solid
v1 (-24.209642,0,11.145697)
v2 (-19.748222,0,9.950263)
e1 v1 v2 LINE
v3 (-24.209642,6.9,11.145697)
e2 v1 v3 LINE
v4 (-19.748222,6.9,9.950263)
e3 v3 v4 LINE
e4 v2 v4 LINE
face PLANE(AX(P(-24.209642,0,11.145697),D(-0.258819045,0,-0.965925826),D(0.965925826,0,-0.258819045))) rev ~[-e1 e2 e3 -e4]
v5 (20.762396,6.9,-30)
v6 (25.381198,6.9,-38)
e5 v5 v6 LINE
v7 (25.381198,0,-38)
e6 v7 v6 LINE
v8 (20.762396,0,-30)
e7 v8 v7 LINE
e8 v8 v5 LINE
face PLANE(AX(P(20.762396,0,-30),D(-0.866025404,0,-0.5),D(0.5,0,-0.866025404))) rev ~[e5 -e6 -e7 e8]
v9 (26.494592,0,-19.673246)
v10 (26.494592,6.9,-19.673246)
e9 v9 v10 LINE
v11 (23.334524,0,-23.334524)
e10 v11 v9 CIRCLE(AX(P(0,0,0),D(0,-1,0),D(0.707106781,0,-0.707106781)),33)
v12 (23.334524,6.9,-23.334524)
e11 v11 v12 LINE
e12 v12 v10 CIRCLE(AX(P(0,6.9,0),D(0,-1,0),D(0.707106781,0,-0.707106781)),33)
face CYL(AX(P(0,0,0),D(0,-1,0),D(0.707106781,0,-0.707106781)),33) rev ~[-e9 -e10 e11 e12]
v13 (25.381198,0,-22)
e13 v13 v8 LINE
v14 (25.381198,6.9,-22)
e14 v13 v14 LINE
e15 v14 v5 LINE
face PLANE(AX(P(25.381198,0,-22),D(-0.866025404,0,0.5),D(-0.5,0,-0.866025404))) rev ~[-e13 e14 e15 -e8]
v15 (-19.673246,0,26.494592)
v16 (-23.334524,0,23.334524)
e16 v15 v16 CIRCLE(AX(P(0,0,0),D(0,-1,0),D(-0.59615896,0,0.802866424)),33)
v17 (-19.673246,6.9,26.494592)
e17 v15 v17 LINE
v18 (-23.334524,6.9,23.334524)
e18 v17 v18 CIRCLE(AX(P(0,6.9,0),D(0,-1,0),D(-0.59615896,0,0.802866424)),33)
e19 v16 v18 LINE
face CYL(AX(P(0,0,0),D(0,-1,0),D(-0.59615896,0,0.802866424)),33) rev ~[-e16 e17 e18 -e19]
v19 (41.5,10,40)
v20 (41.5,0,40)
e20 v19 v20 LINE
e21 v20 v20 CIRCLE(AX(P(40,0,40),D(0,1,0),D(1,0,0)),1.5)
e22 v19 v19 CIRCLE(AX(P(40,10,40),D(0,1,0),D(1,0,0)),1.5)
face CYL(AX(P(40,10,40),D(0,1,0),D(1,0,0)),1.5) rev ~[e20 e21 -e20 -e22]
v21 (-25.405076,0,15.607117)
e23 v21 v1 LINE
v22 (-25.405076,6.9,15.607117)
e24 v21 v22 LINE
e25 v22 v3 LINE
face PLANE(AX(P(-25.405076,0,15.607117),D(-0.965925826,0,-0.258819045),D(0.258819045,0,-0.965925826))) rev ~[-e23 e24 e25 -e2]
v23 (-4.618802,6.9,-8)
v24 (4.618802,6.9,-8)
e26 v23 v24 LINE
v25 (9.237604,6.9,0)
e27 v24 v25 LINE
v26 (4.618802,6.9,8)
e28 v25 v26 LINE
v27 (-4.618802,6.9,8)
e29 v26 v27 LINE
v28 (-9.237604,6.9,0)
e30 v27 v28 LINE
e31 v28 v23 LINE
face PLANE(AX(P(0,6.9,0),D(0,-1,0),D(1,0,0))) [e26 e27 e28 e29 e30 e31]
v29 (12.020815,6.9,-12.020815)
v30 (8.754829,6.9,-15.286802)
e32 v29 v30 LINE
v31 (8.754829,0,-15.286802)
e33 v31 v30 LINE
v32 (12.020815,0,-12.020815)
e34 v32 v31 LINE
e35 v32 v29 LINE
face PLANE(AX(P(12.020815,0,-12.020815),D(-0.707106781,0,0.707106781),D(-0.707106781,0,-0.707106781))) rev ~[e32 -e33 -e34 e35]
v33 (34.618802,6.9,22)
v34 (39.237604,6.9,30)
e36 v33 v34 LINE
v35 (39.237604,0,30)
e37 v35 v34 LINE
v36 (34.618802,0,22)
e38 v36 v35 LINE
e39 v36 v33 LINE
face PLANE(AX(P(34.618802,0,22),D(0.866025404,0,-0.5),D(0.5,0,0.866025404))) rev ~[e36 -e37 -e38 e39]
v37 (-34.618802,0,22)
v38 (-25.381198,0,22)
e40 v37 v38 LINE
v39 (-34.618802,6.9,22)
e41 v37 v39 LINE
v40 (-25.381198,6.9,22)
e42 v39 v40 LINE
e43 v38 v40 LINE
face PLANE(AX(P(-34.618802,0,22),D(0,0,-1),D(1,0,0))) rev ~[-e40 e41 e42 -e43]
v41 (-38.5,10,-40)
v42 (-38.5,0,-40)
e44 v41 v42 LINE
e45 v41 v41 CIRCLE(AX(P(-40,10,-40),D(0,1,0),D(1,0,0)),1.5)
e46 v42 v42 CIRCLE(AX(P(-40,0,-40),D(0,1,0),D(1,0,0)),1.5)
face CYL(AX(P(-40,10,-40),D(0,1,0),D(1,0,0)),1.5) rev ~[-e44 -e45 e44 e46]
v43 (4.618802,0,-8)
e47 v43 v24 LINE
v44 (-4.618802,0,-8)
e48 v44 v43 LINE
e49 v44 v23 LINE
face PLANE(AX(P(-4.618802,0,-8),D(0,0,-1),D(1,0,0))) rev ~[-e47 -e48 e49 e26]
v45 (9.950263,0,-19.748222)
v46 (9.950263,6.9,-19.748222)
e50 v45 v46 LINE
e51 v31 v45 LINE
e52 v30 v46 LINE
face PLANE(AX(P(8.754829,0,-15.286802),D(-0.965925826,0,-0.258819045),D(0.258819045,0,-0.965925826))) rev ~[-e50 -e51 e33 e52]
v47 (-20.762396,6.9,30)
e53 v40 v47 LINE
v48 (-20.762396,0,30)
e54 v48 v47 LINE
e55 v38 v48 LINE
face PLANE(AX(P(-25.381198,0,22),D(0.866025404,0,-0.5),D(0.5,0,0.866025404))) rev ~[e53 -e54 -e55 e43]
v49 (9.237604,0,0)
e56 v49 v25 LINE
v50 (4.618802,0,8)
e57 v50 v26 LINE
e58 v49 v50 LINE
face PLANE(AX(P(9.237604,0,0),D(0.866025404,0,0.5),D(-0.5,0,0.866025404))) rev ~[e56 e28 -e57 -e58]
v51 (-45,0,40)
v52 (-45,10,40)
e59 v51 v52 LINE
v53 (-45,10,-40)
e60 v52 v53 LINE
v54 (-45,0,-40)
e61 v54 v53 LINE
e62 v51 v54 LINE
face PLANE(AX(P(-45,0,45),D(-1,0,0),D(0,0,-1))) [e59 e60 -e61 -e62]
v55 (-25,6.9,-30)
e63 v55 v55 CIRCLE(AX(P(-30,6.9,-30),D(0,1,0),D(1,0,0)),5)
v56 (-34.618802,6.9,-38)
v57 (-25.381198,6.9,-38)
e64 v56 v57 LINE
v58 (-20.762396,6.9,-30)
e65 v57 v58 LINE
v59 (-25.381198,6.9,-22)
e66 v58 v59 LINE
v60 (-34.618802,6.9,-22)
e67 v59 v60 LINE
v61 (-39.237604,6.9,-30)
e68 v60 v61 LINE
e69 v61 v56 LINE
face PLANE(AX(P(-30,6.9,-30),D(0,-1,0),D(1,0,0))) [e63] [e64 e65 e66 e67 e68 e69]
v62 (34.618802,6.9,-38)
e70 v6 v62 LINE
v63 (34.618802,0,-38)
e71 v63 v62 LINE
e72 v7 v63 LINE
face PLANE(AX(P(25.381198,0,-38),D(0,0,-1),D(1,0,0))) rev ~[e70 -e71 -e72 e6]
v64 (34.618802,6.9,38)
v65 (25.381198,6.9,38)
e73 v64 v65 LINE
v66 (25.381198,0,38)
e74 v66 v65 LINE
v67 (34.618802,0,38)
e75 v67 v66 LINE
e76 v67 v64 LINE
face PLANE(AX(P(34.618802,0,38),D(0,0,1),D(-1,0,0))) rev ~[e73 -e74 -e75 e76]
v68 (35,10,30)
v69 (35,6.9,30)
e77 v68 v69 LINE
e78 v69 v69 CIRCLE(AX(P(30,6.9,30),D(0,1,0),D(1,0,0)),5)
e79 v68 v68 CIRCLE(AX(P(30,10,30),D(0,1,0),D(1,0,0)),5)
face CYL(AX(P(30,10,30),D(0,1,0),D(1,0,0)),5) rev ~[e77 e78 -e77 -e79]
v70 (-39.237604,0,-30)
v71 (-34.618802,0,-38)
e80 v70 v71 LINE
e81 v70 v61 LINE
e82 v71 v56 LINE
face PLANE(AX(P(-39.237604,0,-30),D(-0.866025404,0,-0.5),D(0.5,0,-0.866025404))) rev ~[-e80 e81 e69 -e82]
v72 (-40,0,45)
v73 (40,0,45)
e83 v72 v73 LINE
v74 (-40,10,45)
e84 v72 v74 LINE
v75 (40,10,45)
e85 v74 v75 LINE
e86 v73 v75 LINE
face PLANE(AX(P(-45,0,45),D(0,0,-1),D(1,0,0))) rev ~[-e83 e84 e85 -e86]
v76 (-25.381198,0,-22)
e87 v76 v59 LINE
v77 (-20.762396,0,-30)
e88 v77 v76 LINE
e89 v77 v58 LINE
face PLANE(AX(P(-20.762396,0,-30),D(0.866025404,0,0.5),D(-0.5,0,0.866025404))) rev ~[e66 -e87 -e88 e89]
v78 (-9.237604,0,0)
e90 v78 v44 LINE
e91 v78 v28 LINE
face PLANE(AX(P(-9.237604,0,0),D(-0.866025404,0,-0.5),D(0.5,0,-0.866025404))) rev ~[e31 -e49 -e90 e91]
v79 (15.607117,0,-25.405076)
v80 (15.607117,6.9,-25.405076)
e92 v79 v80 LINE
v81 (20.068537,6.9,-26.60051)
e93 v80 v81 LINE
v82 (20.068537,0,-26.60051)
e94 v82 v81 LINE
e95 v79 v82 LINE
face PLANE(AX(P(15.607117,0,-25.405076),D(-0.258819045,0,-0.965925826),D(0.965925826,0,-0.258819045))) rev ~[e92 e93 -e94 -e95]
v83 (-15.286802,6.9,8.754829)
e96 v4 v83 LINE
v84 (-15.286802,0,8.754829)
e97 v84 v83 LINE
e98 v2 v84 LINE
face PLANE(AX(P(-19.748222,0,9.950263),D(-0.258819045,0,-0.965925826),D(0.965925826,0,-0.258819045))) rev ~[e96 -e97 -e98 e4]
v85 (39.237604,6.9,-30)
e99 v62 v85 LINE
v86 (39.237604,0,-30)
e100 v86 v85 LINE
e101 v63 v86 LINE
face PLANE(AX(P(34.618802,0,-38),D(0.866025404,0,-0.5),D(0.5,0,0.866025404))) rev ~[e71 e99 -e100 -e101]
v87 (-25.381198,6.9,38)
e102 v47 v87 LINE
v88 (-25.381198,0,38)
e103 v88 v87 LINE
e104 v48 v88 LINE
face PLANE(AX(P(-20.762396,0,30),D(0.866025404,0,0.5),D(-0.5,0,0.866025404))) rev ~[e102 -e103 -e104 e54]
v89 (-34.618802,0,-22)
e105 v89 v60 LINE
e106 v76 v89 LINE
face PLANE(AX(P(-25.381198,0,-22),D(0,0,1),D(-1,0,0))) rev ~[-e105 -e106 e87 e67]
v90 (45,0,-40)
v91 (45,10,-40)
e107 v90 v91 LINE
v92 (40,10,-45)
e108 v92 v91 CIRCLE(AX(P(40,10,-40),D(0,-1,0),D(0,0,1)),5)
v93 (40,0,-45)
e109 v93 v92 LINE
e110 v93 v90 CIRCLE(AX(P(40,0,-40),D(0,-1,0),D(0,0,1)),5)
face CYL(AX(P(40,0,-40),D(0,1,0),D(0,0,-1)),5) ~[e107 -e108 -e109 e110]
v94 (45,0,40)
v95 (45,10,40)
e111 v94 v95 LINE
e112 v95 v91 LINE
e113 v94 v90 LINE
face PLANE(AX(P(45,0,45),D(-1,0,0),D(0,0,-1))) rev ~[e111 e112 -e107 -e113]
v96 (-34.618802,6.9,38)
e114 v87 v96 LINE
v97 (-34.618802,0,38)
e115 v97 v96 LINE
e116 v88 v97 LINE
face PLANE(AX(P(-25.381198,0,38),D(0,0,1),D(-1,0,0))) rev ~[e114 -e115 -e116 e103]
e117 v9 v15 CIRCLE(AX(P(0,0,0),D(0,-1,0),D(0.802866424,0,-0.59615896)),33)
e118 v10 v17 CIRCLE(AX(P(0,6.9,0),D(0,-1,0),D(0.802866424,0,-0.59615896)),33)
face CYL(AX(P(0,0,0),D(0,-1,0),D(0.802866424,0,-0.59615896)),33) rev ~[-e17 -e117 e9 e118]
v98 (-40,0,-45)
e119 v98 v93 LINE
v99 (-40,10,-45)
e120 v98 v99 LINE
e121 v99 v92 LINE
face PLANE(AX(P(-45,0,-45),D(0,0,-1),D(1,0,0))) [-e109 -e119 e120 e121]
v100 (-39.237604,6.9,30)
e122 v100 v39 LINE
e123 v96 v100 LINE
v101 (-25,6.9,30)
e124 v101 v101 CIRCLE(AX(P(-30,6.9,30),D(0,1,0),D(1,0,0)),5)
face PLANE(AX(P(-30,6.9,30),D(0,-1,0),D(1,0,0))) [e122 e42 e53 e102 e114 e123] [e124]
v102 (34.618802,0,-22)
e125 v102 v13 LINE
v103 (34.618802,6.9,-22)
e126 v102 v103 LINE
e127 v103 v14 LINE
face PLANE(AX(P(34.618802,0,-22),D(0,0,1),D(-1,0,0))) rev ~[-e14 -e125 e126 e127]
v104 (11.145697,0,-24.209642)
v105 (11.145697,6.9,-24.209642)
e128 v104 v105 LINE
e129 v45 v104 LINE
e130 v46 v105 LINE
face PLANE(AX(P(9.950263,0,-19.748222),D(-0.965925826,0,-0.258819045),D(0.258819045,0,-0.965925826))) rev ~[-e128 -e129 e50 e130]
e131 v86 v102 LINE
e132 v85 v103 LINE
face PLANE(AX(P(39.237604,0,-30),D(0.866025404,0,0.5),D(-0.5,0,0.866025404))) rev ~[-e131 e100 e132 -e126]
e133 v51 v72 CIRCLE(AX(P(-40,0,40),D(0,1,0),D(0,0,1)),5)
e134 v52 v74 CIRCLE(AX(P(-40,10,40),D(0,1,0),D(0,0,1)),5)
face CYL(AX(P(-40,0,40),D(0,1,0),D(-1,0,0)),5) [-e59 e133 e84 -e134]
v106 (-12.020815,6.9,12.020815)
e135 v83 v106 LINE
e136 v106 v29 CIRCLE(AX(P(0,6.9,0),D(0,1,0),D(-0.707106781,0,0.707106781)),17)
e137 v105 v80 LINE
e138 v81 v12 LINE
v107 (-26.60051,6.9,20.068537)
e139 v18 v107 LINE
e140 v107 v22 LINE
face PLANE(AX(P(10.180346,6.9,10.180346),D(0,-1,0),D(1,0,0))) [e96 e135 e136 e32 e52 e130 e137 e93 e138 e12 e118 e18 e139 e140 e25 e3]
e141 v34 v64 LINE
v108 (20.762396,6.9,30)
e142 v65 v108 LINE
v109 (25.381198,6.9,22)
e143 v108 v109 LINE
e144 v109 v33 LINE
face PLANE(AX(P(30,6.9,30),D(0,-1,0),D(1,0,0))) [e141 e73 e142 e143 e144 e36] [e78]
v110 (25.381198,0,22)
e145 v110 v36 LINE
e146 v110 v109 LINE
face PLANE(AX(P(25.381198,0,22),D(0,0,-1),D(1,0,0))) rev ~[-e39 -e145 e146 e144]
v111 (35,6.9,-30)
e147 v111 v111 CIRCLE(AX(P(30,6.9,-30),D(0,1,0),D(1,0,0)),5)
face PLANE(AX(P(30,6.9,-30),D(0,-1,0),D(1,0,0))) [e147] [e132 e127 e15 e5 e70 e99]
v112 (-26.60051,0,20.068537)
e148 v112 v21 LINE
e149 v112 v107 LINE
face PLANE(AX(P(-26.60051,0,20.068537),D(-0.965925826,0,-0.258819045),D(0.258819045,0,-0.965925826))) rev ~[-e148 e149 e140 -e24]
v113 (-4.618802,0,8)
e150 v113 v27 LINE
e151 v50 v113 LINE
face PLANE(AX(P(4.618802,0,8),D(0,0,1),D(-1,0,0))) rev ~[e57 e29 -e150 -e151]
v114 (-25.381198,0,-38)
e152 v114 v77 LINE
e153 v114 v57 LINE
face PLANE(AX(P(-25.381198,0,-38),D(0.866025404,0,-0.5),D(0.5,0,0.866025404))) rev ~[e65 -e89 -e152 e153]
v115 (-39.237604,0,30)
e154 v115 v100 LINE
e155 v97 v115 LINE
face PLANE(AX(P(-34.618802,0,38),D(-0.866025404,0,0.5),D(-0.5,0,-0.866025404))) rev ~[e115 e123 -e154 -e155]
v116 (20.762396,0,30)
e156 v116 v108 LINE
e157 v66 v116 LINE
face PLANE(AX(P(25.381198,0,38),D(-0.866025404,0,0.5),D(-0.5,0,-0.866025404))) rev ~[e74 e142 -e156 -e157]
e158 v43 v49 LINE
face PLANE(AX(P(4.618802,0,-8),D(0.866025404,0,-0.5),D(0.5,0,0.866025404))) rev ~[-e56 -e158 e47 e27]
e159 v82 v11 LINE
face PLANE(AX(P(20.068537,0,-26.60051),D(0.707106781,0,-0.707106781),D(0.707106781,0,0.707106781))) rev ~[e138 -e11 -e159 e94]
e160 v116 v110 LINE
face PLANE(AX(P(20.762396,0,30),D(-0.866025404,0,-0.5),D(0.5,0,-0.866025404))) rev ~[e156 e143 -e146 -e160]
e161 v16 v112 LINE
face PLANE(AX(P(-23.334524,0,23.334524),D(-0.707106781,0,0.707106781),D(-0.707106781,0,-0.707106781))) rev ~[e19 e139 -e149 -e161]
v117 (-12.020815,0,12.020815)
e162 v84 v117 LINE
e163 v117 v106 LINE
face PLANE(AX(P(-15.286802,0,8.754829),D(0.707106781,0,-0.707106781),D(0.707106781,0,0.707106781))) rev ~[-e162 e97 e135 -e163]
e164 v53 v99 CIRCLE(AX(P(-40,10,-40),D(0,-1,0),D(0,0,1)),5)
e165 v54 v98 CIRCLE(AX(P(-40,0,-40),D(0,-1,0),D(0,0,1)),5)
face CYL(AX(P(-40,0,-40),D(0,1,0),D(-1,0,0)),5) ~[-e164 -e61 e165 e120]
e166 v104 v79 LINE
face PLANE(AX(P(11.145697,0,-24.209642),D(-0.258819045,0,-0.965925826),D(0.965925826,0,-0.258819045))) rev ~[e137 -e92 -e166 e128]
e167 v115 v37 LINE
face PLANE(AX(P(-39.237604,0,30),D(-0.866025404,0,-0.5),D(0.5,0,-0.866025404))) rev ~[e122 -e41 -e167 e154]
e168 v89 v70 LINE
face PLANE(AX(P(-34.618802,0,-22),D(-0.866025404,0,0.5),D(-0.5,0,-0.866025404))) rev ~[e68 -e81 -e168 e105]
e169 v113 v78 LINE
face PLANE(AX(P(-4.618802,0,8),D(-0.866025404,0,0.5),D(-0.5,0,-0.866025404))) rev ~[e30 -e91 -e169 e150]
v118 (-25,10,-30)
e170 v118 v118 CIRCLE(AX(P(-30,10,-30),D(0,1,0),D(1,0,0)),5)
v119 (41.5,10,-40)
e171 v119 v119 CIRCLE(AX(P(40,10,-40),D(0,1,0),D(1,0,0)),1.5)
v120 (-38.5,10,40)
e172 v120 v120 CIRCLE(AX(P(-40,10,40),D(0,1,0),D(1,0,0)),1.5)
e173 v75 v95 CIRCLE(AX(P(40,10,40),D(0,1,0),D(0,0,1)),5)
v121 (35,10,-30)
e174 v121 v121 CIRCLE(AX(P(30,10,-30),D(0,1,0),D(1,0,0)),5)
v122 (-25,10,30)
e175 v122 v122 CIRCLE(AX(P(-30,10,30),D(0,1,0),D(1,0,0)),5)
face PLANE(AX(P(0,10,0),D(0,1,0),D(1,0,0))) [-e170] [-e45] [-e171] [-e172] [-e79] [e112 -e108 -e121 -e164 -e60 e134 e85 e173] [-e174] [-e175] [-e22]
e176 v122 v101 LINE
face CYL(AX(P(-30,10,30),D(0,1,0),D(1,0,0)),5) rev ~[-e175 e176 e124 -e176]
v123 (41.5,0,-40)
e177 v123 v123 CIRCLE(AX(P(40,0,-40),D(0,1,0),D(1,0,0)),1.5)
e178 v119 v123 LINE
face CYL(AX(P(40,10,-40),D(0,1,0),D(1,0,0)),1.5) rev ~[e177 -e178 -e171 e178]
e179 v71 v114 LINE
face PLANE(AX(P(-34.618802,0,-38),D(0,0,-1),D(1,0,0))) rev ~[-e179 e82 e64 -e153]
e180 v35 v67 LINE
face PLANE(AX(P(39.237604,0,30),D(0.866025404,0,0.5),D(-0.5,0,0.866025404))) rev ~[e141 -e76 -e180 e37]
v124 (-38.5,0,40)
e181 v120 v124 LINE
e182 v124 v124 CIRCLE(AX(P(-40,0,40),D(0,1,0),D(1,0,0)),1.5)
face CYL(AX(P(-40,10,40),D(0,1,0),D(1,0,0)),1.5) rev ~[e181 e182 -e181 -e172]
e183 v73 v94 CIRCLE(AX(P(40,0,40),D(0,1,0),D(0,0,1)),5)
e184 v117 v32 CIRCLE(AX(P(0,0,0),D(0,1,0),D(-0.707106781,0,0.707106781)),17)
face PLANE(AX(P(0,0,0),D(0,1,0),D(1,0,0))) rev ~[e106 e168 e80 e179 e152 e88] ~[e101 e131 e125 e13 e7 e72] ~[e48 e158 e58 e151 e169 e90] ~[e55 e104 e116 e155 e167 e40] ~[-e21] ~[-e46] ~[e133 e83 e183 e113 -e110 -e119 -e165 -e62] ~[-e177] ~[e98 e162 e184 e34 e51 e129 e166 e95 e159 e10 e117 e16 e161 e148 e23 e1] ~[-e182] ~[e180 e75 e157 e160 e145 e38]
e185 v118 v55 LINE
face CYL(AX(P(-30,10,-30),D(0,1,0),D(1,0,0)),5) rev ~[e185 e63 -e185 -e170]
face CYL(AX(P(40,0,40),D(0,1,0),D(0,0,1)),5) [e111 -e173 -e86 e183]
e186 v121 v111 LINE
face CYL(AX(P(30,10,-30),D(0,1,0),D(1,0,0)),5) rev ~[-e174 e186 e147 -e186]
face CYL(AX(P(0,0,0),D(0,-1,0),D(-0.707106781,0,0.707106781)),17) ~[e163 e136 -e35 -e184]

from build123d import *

# Parameters (mm, degrees)
SKETCH1_W           = 90
SKETCH1_H           = 90
BOSS_EXTRUDE1_DEPTH = 10
CUT_EXTRUDE1_DEPTH  = 6.9
SKETCH3_R           = 1.5
CUT_EXTRUDE2_DEPTH  = 11
SKETCH4_R           = 5
CUT_EXTRUDE3_DEPTH  = 11
CUT_EXTRUDE4_DEPTH  = 6.9
FILLET1_R           = 5


with BuildPart() as part:
    # Sketch1 → Boss-Extrude1 (new body)
    with BuildSketch(Plane(origin=(0, 0, 0), x_dir=(1, 0, 0), z_dir=(0, 1, 0))):
        Rectangle(SKETCH1_W, SKETCH1_H)
    extrude(amount=BOSS_EXTRUDE1_DEPTH)

    # Sketch2 → Cut-Extrude1 (cut)
    with BuildSketch(Plane.XZ):
        Polygon((-4.618802154, -8), (4.618802154, -8), (9.237604307, 0), (4.618802154, 8), (-4.618802154, 8), (-9.237604307, 0), align=None)
        with BuildLine():
            Line((-8.754828956, 15.286801604), (-12.02081528, 12.02081528))
            ThreePointArc((-12.02081528, 12.02081528), (12.02081528, 12.02081528), (12.02081528, -12.02081528))
            Line((12.02081528, -12.02081528), (15.286801604, -8.754828956))
            Line((15.286801604, -8.754828956), (24.209642177, -11.145696882))
            Line((24.209642177, -11.145696882), (26.494591989, -19.673245674))
            ThreePointArc((26.494591989, -19.673245674), (23.334523779, 23.334523779), (-19.673245674, 26.494591989))
            Line((-19.673245674, 26.494591989), (-11.145696882, 24.209642177))
            Line((-11.145696882, 24.209642177), (-8.754828956, 15.286801604))
        make_face()
        with BuildLine():
            Line((15.286801604, -8.754828956), (12.02081528, -12.02081528))
            ThreePointArc((12.02081528, -12.02081528), (9.950262871, -15.607117349), (9.950263016, -19.74822225))
            ThreePointArc((9.950263016, -19.74822225), (12.020815311, -23.33452381), (15.607116893, -25.405076066))
            ThreePointArc((15.607116893, -25.405076066), (19.748221753, -25.405076177), (23.334523779, -23.334523779))
            ThreePointArc((23.334523779, -23.334523779), (24.981721996, -21.561854422), (26.494591989, -19.673245674))
            Line((26.494591989, -19.673245674), (24.209642177, -11.145696882))
            Line((24.209642177, -11.145696882), (15.286801604, -8.754828956))
        make_face()
        with BuildLine():
            ThreePointArc((-19.748221967, 9.95026294), (-15.607117207, 9.950262909), (-12.02081528, 12.02081528))
            Line((-12.02081528, 12.02081528), (-8.754828956, 15.286801604))
            Line((-8.754828956, 15.286801604), (-11.145696882, 24.209642177))
            Line((-11.145696882, 24.209642177), (-19.673245674, 26.494591989))
            ThreePointArc((-19.673245674, 26.494591989), (-21.561854422, 24.981721996), (-23.334523779, 23.334523779))
            ThreePointArc((-23.334523779, 23.334523779), (-25.405076135, 19.748221911), (-25.405076151, 15.607117209))
            ThreePointArc((-25.405076151, 15.607117209), (-23.334523822, 12.020815323), (-19.748221967, 9.95026294))
        make_face()
        with BuildLine():
            Line((-26.600510103, 20.068537455), (-25.405076151, 15.607117209))
            ThreePointArc((-25.405076151, 15.607117209), (-25.405076135, 19.748221911), (-23.334523779, 23.334523779))
            Line((-23.334523779, 23.334523779), (-26.600510103, 20.068537455))
        make_face()
        with BuildLine():
            Line((-19.748221967, 9.95026294), (-15.286801604, 8.754828956))
            Line((-15.286801604, 8.754828956), (-12.02081528, 12.02081528))
            ThreePointArc((-12.02081528, 12.02081528), (-15.607117207, 9.950262909), (-19.748221967, 9.95026294))
        make_face()
        with BuildLine():
            Line((-24.209642177, 11.145696882), (-19.748221967, 9.95026294))
            ThreePointArc((-19.748221967, 9.95026294), (-23.334523822, 12.020815323), (-25.405076151, 15.607117209))
            Line((-25.405076151, 15.607117209), (-24.209642177, 11.145696882))
        make_face()
        with BuildLine():
            ThreePointArc((9.950263016, -19.74822225), (9.950262871, -15.607117349), (12.02081528, -12.02081528))
            Line((12.02081528, -12.02081528), (8.754828956, -15.286801604))
            Line((8.754828956, -15.286801604), (9.950263016, -19.74822225))
        make_face()
        with BuildLine():
            ThreePointArc((15.607116893, -25.405076066), (12.020815311, -23.33452381), (9.950263016, -19.74822225))
            Line((9.950263016, -19.74822225), (11.145696882, -24.209642177))
            Line((11.145696882, -24.209642177), (15.607116893, -25.405076066))
        make_face()
        with BuildLine():
            ThreePointArc((23.334523779, -23.334523779), (19.748221753, -25.405076177), (15.607116893, -25.405076066))
            Line((15.607116893, -25.405076066), (20.068537455, -26.600510103))
            Line((20.068537455, -26.600510103), (23.334523779, -23.334523779))
        make_face()
    extrude(amount=-CUT_EXTRUDE1_DEPTH, mode=Mode.SUBTRACT)

    # Sketch3 → Cut-Extrude2 (cut, through all)
    with BuildSketch(Plane(origin=(0, 10, 0), x_dir=(1, 0, 0), z_dir=(0, 1, 0))):
        with Locations((-40, 40)):
            Circle(SKETCH3_R)
        with Locations((40, 40)):
            Circle(SKETCH3_R)
        with Locations((40, -40)):
            Circle(SKETCH3_R)
        with Locations((-40, -40)):
            Circle(SKETCH3_R)
    extrude(amount=-CUT_EXTRUDE2_DEPTH, mode=Mode.SUBTRACT)

    # Sketch4 → Cut-Extrude3 (cut, through all)
    with BuildSketch(Plane(origin=(0, 10, 0), x_dir=(1, 0, 0), z_dir=(0, 1, 0))):
        with Locations((-30, 30)):
            Circle(SKETCH4_R)
        with Locations((30, 30)):
            Circle(SKETCH4_R)
        with Locations((30, -30)):
            Circle(SKETCH4_R)
        with Locations((-30, -30)):
            Circle(SKETCH4_R)
    extrude(amount=-CUT_EXTRUDE3_DEPTH, mode=Mode.SUBTRACT)

    # Sketch6 → Cut-Extrude4 (cut)
    with BuildSketch(Plane.XZ):
        Polygon((-25.381197846, 22), (-20.762395693, 30), (-25.381197846, 38), (-34.618802154, 38), (-39.237604307, 30), (-34.618802154, 22), align=None)
        Polygon((34.618802154, 22), (39.237604307, 30), (34.618802154, 38), (25.381197846, 38), (20.762395693, 30), (25.381197846, 22), align=None)
        Polygon((34.618802154, -38), (39.237604307, -30), (34.618802154, -22), (25.381197846, -22), (20.762395693, -30), (25.381197846, -38), align=None)
        Polygon((-20.762395693, -30), (-25.381197846, -22), (-34.618802154, -22), (-39.237604307, -30), (-34.618802154, -38), (-25.381197846, -38), align=None)
    extrude(amount=-CUT_EXTRUDE4_DEPTH, mode=Mode.SUBTRACT)

    # Fillet1
    fillet1_edges = [part.edges().sort_by_distance(p)[0] for p in [
        (45, 5, 45),
        (-45, 5, 45),
        (-45, 5, -45),
        (45, 5, -45),
    ]]
    fillet(fillet1_edges, radius=FILLET1_R)


solid = part.part
